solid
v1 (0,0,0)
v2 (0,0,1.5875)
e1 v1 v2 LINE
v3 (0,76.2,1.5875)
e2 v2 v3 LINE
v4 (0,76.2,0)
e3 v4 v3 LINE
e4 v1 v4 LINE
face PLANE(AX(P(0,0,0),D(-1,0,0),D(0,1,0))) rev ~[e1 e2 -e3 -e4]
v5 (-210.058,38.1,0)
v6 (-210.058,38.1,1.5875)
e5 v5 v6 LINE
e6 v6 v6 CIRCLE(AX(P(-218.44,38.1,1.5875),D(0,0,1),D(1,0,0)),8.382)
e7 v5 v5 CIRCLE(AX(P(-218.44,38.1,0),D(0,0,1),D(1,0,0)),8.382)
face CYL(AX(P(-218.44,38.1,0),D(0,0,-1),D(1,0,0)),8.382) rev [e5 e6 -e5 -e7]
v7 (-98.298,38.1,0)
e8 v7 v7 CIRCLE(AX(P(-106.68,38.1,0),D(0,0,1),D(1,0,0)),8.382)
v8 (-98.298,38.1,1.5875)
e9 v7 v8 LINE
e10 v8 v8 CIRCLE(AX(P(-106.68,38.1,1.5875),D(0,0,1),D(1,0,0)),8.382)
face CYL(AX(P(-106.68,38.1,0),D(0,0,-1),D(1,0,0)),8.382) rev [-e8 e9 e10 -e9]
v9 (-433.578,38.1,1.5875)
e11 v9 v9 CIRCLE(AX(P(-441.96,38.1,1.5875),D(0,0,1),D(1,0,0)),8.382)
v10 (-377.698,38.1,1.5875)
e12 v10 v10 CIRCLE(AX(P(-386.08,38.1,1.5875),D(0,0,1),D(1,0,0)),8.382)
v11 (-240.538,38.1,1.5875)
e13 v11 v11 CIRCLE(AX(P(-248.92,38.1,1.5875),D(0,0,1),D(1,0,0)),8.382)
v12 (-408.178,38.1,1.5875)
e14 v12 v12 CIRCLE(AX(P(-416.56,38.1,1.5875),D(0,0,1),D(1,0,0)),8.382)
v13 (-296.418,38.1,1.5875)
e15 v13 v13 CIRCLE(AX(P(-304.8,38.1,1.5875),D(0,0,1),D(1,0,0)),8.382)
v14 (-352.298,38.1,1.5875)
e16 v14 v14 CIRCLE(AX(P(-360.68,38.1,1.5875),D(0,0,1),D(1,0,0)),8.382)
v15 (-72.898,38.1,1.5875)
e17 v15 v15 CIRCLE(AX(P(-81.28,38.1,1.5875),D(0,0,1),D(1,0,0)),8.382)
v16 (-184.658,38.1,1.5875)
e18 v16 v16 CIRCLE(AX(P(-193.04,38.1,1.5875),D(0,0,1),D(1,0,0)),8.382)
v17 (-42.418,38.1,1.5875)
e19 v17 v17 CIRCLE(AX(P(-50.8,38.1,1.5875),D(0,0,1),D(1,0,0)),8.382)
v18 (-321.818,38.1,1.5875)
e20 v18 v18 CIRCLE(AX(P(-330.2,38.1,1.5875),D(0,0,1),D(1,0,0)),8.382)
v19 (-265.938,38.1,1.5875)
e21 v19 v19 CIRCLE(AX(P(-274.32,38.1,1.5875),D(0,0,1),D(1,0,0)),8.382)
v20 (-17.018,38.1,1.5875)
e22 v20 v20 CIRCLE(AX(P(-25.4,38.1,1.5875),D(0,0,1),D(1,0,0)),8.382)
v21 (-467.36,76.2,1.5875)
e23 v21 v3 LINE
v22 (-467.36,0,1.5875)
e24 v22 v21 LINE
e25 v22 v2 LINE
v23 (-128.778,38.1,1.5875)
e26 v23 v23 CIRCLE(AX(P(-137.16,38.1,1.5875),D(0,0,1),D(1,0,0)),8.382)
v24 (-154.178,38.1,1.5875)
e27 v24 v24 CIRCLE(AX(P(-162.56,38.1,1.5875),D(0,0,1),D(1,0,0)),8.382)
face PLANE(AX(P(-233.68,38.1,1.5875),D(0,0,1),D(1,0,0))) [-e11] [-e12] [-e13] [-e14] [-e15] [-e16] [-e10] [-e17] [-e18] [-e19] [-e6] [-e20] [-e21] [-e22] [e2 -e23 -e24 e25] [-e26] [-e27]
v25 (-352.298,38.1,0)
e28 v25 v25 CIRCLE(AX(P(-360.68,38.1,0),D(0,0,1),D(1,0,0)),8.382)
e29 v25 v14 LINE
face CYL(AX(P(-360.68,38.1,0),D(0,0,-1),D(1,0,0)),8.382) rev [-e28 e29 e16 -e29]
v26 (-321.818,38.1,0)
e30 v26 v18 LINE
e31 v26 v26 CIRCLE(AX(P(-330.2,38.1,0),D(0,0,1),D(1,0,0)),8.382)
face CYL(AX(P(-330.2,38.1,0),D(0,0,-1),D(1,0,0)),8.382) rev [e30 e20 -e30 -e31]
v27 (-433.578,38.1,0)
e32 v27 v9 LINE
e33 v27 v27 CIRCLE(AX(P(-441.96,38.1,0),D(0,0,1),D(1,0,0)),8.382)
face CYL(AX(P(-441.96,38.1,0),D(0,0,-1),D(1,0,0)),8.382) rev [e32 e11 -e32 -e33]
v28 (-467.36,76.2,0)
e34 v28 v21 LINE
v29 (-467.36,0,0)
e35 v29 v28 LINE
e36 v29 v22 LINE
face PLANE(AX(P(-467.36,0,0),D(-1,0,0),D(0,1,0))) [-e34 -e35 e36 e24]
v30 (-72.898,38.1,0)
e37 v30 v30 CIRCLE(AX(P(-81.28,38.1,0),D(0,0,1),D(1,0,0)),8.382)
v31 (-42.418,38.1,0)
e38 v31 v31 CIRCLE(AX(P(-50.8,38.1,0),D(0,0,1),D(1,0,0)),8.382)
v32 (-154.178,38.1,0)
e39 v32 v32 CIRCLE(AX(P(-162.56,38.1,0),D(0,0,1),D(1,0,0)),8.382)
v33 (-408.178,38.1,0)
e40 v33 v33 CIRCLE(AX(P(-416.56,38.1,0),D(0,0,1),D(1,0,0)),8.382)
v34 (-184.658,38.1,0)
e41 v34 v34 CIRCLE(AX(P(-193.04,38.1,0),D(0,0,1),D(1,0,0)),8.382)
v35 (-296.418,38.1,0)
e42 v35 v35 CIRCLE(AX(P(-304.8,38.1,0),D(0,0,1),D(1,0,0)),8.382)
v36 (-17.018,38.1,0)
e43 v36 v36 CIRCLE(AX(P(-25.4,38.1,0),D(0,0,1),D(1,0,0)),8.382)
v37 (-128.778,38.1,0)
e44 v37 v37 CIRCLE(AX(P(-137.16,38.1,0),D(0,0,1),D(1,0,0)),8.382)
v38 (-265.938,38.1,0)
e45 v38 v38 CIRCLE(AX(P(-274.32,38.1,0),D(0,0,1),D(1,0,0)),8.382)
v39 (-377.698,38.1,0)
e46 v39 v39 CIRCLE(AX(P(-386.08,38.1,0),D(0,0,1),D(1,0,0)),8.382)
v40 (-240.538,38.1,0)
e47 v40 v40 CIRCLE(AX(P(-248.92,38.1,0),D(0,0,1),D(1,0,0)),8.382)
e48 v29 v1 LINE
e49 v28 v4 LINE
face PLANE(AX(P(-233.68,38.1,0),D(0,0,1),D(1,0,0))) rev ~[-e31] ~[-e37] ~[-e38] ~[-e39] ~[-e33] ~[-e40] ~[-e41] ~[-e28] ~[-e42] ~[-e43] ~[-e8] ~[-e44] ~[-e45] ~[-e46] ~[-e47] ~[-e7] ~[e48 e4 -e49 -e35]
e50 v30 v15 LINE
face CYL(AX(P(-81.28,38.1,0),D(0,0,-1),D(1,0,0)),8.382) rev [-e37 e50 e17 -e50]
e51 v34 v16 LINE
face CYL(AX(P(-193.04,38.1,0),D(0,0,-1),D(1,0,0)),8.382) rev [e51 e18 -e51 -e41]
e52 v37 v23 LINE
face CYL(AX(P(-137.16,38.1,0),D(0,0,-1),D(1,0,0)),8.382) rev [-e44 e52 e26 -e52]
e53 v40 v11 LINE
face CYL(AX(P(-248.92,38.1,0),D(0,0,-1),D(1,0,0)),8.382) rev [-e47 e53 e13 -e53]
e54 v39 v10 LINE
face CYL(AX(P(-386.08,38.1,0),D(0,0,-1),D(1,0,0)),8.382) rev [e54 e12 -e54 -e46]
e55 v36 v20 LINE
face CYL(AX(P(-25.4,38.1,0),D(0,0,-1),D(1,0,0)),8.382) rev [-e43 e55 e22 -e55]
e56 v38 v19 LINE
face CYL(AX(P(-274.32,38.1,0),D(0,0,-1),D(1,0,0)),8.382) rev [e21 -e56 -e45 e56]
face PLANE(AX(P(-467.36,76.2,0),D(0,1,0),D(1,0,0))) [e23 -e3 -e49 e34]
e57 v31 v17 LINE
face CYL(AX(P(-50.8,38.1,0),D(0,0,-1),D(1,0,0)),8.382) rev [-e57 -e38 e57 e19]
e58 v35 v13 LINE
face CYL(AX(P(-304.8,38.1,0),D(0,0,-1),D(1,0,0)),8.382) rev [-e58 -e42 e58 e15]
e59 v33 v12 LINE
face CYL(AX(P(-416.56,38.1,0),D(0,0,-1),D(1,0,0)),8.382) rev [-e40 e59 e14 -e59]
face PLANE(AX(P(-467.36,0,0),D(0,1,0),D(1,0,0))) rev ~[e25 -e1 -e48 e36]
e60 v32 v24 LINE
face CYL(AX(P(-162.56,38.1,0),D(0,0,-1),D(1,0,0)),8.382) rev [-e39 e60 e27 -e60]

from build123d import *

# Parameters (mm, degrees)
F0_W     = 467.36
F0_H     = 76.2
F0_R     = 8.382
F1_DEPTH = 1.5875


with BuildPart() as f1:
    # F0 (on Top) → F1 (new body)
    with BuildSketch(Plane.XY):
        with Locations((-233.68, 38.1)):
            Rectangle(F0_W, F0_H)
        with Locations((-441.96, 38.1)):
            Circle(F0_R, mode=Mode.SUBTRACT)
        with Locations((-416.56, 38.1)):
            Circle(F0_R, mode=Mode.SUBTRACT)
        with Locations((-386.08, 38.1)):
            Circle(F0_R, mode=Mode.SUBTRACT)
        with Locations((-360.68, 38.1)):
            Circle(F0_R, mode=Mode.SUBTRACT)
        with Locations((-330.2, 38.1)):
            Circle(F0_R, mode=Mode.SUBTRACT)
        with Locations((-304.8, 38.1)):
            Circle(F0_R, mode=Mode.SUBTRACT)
        with Locations((-274.32, 38.1)):
            Circle(F0_R, mode=Mode.SUBTRACT)
        with Locations((-248.92, 38.1)):
            Circle(F0_R, mode=Mode.SUBTRACT)
        with Locations((-218.44, 38.1)):
            Circle(F0_R, mode=Mode.SUBTRACT)
        with Locations((-193.04, 38.1)):
            Circle(F0_R, mode=Mode.SUBTRACT)
        with Locations((-162.56, 38.1)):
            Circle(F0_R, mode=Mode.SUBTRACT)
        with Locations((-137.16, 38.1)):
            Circle(F0_R, mode=Mode.SUBTRACT)
        with Locations((-106.68, 38.1)):
            Circle(F0_R, mode=Mode.SUBTRACT)
        with Locations((-81.28, 38.1)):
            Circle(F0_R, mode=Mode.SUBTRACT)
        with Locations((-50.8, 38.1)):
            Circle(F0_R, mode=Mode.SUBTRACT)
        with Locations((-25.4, 38.1)):
            Circle(F0_R, mode=Mode.SUBTRACT)
    extrude(amount=F1_DEPTH)


solid = f1.part
